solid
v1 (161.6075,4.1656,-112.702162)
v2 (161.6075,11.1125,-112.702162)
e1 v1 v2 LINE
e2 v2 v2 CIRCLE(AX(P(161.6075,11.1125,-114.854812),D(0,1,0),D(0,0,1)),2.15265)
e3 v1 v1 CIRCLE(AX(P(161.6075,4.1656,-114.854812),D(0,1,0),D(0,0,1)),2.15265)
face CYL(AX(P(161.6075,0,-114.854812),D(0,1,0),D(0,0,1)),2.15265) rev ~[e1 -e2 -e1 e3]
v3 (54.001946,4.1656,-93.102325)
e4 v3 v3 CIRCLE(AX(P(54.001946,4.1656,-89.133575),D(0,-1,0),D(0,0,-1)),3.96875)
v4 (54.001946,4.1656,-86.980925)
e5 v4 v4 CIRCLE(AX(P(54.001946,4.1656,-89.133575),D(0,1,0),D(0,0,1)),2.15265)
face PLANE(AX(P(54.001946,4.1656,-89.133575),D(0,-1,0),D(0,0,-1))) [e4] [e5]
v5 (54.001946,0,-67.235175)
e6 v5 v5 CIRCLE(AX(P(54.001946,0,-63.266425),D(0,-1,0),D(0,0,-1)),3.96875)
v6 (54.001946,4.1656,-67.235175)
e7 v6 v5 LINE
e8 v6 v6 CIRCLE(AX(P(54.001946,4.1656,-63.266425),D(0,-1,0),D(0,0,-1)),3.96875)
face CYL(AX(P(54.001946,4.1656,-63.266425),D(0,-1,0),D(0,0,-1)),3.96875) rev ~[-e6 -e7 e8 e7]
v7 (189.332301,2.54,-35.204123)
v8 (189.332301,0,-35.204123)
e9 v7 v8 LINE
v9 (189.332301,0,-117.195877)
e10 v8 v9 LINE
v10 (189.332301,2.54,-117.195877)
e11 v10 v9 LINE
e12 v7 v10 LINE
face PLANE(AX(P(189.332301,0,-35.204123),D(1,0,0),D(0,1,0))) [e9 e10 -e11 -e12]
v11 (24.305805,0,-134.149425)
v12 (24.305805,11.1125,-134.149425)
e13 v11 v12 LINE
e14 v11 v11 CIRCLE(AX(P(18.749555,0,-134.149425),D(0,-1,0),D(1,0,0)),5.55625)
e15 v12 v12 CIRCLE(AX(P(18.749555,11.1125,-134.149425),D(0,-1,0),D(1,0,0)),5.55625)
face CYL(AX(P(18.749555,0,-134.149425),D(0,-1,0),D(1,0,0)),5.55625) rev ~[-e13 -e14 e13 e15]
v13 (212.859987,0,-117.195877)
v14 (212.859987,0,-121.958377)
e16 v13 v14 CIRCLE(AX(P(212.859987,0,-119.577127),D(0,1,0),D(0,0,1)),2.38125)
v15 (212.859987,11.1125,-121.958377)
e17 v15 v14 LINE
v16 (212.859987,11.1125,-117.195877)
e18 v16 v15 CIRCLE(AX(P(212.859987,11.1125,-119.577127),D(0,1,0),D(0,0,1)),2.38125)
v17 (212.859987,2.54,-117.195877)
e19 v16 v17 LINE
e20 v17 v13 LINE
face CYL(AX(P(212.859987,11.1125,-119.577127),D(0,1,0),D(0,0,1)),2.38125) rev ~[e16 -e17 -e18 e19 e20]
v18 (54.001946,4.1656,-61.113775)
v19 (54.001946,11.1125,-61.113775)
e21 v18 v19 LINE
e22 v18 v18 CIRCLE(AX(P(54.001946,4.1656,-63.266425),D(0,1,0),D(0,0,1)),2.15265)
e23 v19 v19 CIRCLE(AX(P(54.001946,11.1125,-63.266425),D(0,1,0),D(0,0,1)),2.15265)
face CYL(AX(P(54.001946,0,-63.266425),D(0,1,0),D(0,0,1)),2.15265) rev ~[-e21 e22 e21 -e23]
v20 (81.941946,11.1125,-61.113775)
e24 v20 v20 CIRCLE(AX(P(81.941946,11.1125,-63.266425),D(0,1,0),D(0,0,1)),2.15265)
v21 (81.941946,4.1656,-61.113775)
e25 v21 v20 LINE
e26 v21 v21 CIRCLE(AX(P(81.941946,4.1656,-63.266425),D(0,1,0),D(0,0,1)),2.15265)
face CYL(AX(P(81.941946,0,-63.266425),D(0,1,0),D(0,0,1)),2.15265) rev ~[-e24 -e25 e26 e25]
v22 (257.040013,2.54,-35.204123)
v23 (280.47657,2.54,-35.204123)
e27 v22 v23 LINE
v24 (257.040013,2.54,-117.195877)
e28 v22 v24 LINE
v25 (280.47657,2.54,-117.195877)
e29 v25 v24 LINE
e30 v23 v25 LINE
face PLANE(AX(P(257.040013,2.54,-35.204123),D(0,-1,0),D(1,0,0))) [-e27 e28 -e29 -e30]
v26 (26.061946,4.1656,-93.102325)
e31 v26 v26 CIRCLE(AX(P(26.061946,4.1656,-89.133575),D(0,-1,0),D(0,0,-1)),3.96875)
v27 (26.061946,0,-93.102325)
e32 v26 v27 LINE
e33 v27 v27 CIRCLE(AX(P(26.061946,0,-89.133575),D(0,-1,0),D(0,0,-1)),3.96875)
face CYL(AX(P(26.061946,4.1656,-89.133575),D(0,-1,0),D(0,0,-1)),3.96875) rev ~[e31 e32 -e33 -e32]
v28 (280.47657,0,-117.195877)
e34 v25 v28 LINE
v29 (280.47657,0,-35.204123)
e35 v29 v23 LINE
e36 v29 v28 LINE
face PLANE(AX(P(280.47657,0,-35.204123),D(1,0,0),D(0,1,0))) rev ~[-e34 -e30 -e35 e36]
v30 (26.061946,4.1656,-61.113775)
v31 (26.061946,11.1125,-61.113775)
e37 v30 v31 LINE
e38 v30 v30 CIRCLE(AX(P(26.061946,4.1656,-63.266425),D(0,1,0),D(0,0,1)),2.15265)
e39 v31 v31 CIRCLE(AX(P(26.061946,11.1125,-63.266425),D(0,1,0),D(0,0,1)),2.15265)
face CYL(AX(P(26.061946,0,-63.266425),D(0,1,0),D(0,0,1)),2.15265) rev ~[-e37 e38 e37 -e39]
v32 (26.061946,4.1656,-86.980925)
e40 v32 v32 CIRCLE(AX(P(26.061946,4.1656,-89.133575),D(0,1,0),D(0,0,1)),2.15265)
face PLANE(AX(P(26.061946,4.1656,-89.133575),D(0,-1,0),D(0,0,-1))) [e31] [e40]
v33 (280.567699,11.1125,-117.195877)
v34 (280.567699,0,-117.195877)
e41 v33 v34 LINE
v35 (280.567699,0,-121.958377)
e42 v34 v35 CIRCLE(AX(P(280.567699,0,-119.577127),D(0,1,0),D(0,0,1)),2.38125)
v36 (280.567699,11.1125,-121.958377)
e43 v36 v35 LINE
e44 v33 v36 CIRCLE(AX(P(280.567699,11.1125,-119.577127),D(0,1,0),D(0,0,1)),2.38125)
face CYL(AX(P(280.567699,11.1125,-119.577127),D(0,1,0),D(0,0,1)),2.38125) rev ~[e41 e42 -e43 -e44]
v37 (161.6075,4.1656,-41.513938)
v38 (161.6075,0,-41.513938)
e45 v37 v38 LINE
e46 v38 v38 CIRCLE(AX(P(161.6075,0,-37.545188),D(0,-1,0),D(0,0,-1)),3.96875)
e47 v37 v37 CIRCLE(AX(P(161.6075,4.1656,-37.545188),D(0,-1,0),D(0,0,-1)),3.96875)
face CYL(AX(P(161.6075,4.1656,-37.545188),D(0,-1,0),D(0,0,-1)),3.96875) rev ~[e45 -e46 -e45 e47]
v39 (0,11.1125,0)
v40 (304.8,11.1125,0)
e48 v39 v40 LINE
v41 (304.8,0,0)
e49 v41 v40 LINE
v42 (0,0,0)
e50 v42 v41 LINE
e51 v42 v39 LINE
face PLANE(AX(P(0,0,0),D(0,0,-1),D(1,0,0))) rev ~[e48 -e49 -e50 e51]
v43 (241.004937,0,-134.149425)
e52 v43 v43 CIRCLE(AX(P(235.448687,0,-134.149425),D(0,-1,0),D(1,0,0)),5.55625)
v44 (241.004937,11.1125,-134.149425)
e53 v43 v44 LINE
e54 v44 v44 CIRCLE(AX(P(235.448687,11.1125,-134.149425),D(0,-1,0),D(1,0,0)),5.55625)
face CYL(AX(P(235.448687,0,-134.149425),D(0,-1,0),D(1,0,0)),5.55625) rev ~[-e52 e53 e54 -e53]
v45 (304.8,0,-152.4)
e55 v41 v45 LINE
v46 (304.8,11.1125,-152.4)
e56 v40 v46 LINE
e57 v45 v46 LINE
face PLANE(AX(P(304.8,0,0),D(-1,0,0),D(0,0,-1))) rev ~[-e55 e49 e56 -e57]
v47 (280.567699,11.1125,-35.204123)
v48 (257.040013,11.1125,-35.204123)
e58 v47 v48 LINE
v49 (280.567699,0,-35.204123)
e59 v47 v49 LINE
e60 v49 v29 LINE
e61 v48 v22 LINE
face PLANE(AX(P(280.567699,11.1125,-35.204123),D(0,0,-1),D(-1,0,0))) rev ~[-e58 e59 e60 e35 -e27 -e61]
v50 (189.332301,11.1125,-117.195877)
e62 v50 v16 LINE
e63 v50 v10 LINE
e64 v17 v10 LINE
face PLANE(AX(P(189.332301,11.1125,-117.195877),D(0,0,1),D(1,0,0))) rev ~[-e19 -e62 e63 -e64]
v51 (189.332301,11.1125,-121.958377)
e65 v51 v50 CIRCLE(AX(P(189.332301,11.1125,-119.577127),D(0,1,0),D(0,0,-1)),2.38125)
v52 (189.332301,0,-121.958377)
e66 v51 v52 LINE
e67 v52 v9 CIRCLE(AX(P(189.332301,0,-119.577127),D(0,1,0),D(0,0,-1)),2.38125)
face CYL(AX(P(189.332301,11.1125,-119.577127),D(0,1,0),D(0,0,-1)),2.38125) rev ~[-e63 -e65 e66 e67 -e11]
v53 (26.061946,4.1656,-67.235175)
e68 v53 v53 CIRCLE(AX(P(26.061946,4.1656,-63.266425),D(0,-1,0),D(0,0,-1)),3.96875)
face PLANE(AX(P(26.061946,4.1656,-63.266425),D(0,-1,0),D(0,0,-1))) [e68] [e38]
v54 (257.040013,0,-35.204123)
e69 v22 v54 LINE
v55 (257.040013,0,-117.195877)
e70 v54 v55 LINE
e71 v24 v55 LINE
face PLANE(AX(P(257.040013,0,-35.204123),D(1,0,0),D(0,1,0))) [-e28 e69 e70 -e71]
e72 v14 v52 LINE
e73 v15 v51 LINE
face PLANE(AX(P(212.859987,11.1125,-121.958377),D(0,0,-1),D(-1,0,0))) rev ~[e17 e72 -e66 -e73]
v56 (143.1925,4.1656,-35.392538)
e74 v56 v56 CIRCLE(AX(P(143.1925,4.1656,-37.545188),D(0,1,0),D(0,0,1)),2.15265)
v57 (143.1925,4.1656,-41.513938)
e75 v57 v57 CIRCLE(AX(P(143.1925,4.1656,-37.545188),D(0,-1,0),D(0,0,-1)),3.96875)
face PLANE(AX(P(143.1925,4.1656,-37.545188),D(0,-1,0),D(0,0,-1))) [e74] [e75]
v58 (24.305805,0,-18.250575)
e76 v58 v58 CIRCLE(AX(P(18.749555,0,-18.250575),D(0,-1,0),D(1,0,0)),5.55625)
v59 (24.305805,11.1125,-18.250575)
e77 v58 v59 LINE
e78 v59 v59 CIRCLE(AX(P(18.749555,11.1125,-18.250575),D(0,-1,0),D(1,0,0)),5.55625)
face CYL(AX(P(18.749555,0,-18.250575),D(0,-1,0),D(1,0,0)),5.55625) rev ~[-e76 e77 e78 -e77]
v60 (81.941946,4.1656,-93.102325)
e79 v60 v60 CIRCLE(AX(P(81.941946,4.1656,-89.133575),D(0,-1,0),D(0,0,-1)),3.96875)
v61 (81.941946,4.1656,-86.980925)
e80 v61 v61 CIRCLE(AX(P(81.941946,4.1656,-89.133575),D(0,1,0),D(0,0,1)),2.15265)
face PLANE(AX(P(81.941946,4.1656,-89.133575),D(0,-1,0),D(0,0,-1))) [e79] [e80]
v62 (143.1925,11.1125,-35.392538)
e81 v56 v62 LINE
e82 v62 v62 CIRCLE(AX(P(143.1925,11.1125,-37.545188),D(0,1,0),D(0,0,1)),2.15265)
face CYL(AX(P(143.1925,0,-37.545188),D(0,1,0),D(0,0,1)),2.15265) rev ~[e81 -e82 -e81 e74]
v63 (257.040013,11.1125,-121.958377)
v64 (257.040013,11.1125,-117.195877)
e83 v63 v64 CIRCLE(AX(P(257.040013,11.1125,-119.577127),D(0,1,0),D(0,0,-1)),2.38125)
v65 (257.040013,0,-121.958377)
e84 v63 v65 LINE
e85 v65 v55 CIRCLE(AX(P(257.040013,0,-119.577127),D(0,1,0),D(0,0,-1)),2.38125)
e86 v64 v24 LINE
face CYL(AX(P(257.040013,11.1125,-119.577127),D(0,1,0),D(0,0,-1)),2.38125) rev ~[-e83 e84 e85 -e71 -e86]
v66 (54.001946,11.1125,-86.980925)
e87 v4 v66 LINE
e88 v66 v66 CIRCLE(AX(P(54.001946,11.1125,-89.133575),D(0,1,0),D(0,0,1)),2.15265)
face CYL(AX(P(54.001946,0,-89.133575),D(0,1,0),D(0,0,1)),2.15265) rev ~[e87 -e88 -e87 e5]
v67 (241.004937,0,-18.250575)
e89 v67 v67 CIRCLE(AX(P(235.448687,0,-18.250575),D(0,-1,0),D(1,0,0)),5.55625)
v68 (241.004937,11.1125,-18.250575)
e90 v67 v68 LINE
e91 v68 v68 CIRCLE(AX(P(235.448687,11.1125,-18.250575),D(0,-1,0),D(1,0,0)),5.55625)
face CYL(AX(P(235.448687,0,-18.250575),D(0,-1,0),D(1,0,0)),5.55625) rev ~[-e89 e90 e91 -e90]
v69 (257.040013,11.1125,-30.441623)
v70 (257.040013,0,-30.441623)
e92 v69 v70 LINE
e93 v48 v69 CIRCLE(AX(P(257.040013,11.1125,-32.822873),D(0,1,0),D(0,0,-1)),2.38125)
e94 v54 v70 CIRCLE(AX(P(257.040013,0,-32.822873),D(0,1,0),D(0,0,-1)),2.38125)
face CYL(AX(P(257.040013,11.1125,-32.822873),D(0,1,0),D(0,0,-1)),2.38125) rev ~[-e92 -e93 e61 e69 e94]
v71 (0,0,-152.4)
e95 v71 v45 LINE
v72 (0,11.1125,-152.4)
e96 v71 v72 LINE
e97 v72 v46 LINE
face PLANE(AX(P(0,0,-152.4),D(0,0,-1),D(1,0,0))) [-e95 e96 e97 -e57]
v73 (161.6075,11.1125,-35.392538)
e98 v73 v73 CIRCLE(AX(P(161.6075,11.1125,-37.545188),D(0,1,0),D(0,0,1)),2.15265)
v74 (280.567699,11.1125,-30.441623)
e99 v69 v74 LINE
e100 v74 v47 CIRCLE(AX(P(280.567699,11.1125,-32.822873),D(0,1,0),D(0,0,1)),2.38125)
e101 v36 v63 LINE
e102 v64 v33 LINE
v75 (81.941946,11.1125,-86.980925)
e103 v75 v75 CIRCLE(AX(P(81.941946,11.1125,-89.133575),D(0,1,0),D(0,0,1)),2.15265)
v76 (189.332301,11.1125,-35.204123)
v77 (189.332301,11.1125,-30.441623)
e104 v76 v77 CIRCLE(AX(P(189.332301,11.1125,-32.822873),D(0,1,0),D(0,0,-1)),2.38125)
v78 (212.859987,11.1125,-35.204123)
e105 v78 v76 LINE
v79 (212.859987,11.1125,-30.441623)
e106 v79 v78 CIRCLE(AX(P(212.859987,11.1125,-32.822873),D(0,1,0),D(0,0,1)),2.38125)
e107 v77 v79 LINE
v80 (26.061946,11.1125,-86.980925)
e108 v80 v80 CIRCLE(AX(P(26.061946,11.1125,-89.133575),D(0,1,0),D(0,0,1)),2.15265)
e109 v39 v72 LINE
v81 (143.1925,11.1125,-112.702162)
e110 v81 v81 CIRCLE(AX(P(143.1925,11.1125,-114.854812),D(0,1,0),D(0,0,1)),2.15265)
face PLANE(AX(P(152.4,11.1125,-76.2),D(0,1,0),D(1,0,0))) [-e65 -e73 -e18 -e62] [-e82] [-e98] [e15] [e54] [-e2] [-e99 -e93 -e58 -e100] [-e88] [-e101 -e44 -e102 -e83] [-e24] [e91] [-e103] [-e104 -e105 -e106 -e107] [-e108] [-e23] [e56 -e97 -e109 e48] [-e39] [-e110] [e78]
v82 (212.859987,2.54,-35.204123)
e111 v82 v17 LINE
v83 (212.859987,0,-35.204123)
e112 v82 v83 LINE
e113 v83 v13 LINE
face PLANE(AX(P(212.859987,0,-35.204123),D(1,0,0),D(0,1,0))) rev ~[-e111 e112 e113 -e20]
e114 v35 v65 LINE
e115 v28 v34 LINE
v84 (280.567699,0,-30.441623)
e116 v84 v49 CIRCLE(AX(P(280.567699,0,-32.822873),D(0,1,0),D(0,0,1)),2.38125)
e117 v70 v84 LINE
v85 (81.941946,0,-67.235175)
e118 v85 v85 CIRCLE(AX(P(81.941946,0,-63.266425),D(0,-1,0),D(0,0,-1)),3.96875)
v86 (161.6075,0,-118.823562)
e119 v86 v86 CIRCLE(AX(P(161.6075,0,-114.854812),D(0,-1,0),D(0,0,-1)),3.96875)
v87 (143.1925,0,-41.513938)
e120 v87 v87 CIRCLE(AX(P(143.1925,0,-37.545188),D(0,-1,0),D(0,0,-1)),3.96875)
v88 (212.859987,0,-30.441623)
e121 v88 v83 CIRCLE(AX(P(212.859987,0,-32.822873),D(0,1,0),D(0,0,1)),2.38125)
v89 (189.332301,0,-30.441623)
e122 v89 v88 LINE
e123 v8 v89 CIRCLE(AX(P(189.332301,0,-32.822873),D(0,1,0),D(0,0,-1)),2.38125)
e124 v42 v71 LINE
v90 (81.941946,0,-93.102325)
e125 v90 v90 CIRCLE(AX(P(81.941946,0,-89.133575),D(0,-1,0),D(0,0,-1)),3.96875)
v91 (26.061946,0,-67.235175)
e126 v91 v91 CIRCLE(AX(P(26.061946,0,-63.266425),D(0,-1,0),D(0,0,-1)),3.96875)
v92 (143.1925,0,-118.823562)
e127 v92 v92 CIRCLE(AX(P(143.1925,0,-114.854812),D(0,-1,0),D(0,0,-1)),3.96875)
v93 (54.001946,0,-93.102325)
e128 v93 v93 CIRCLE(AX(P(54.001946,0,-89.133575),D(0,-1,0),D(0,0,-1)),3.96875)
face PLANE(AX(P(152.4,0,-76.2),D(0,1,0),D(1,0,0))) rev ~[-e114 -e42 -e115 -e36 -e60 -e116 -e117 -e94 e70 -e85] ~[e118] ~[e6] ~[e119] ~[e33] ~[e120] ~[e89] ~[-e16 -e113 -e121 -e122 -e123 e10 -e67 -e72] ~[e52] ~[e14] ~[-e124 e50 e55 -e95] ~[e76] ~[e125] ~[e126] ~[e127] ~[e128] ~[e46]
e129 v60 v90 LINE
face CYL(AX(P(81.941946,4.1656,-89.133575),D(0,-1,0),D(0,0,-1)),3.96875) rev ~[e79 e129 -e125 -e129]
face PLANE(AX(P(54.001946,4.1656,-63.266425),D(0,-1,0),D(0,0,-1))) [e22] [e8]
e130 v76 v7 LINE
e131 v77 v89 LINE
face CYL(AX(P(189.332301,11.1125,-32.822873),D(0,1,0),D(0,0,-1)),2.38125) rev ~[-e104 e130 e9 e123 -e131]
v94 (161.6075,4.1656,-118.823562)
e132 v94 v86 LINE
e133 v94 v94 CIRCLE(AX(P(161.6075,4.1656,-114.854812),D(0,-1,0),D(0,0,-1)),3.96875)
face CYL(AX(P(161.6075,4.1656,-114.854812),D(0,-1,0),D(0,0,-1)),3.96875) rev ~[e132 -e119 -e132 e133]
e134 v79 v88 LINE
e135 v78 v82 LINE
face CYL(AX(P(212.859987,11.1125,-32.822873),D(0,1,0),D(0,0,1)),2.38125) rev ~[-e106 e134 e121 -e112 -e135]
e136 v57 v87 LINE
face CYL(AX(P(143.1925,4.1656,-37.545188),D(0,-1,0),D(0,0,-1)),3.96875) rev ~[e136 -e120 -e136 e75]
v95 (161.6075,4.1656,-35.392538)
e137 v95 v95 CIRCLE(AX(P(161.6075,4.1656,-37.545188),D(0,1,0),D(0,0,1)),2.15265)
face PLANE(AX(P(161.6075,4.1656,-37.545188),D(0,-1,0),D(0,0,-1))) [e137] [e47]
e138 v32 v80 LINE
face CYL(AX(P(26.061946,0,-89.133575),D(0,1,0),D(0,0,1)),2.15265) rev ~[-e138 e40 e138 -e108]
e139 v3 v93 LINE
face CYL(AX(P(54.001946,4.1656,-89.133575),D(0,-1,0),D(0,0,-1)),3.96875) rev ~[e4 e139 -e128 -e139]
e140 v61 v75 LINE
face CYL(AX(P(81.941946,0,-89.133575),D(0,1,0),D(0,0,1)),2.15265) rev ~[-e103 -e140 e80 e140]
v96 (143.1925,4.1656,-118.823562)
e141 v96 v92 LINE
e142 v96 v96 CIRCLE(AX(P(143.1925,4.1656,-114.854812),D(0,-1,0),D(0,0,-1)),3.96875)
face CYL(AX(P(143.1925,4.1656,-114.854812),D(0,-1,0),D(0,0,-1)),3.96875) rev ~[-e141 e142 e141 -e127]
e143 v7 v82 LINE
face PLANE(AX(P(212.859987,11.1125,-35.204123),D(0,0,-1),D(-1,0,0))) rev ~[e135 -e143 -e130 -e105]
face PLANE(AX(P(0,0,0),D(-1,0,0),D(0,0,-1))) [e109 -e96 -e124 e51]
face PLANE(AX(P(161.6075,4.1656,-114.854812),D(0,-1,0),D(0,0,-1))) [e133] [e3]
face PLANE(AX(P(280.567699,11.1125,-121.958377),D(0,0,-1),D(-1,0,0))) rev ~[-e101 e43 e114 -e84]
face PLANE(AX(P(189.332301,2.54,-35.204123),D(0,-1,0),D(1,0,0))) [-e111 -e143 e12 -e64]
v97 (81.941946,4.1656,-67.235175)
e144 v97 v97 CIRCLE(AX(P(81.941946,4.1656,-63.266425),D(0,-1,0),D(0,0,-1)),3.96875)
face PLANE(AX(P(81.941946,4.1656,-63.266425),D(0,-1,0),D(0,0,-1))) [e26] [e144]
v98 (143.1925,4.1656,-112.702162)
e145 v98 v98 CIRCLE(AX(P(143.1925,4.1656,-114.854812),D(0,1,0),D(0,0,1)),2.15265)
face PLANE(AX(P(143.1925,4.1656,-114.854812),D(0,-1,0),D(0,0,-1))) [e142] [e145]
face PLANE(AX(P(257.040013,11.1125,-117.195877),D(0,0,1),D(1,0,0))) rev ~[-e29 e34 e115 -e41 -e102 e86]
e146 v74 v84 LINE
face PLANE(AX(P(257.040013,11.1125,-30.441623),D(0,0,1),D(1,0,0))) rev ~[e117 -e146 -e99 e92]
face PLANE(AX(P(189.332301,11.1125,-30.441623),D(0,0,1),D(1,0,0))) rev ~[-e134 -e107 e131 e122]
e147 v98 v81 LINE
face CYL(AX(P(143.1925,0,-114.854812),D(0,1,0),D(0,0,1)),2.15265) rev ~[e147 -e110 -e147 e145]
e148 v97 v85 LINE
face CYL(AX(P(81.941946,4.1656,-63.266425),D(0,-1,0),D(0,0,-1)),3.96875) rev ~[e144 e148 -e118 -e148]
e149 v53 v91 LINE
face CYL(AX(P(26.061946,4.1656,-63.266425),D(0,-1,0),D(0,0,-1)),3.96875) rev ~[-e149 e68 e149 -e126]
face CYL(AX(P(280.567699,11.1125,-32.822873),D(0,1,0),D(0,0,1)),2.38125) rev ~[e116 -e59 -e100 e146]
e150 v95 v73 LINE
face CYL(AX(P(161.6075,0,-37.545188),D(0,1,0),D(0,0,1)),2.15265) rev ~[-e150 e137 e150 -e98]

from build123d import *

# Parameters (mm, degrees)
SKETCH1_W                                      = 304.8
SKETCH1_H                                      = 152.4
BOSS_EXTRUDE1_DEPTH                            = 11.1125
CUT_EXTRUDE2_DEPTH                             = 11.1125
SKETCH10_R                                     = 5.55625
CUT_EXTRUDE9_DEPTH                             = 12.1125
CBORE_FOR_8_SOCKET_HEAD_CAP_SCREW1_D           = 4.3053
CBORE_FOR_8_SOCKET_HEAD_CAP_SCREW1_DEPTH       = 11.1125
CBORE_FOR_8_SOCKET_HEAD_CAP_SCREW1_CBORE_D     = 7.9375
CBORE_FOR_8_SOCKET_HEAD_CAP_SCREW1_CBORE_DEPTH = 4.1656
CBORE_FOR_8_SOCKET_HEAD_CAP_SCREW2_D           = 4.3053
CBORE_FOR_8_SOCKET_HEAD_CAP_SCREW2_DEPTH       = 11.1125
CBORE_FOR_8_SOCKET_HEAD_CAP_SCREW2_CBORE_D     = 7.9375
CBORE_FOR_8_SOCKET_HEAD_CAP_SCREW2_CBORE_DEPTH = 4.1656
CUT_EXTRUDE10_REACH                            = 119.196
SKETCH22_W                                     = 23.527686488
SKETCH22_H                                     = 2.54
SKETCH22_W_2                                   = 23.436556581


with BuildPart() as part:
    # Sketch1 → Boss-Extrude1 (new body)
    with BuildSketch(Plane(origin=(0, 0, 0), x_dir=(1, 0, 0), z_dir=(0, 1, 0))):
        with Locations((152.4, 76.2)):
            Rectangle(SKETCH1_W, SKETCH1_H)
    extrude(amount=BOSS_EXTRUDE1_DEPTH)

    # Sketch3 → Cut-Extrude2 (cut)
    with BuildSketch(Plane(origin=(0, 11.1125, 0), x_dir=(1, 0, 0), z_dir=(0, 1, 0))):
        with BuildLine():
            Line((280.567699438, 35.204123045), (257.04001295, 35.204123045))
            ThreePointArc((257.04001295, 35.204123045), (254.65876295, 32.822873045), (257.04001295, 30.441623045))
            Line((257.04001295, 30.441623045), (280.567699438, 30.441623045))
            ThreePointArc((280.567699438, 30.441623045), (282.948949438, 32.822873045), (280.567699438, 35.204123045))
        make_face()
        with BuildLine():
            Line((257.04001295, 117.195876955), (280.567699438, 117.195876955))
            ThreePointArc((280.567699438, 117.195876955), (282.948949438, 119.577126955), (280.567699438, 121.958376955))
            Line((280.567699438, 121.958376955), (257.04001295, 121.958376955))
            ThreePointArc((257.04001295, 121.958376955), (254.65876295, 119.577126955), (257.04001295, 117.195876955))
        make_face()
        with BuildLine():
            Line((212.85998705, 121.958376955), (189.332300562, 121.958376955))
            ThreePointArc((189.332300562, 121.958376955), (186.951050562, 119.577126955), (189.332300562, 117.195876955))
            Line((189.332300562, 117.195876955), (212.85998705, 117.195876955))
            ThreePointArc((212.85998705, 117.195876955), (215.24123705, 119.577126955), (212.85998705, 121.958376955))
        make_face()
        with BuildLine():
            Line((212.85998705, 35.204123045), (189.332300562, 35.204123045))
            ThreePointArc((189.332300562, 35.204123045), (186.951050562, 32.822873045), (189.332300562, 30.441623045))
            Line((189.332300562, 30.441623045), (212.85998705, 30.441623045))
            ThreePointArc((212.85998705, 30.441623045), (215.24123705, 32.822873045), (212.85998705, 35.204123045))
        make_face()
    extrude(amount=-CUT_EXTRUDE2_DEPTH, mode=Mode.SUBTRACT)

    # Sketch10 → Cut-Extrude9 (cut, through all)
    with BuildSketch(Plane.XZ):
        with Locations((18.74955505, -134.149424539)):
            Circle(SKETCH10_R)
        with Locations((18.74955505, -18.250575461)):
            Circle(SKETCH10_R)
        with Locations((235.448687079, -134.149424539)):
            Circle(SKETCH10_R)
        with Locations((235.448687079, -18.250575461)):
            Circle(SKETCH10_R)
    extrude(amount=-CUT_EXTRUDE9_DEPTH, mode=Mode.SUBTRACT)

    # CBORE for #8 Socket Head Cap Screw1
    with Locations(Plane(origin=(143.1925, 0, -37.545187713), x_dir=(0, 0, -1), z_dir=(0, -1, 0))):
        with Locations((0, 0), (0, 18.415), (77.309624574, 18.415), (77.309624574, 0)):
            CounterBoreHole(CBORE_FOR_8_SOCKET_HEAD_CAP_SCREW1_D / 2, CBORE_FOR_8_SOCKET_HEAD_CAP_SCREW1_CBORE_D / 2, CBORE_FOR_8_SOCKET_HEAD_CAP_SCREW1_CBORE_DEPTH, depth=CBORE_FOR_8_SOCKET_HEAD_CAP_SCREW1_DEPTH)

    # CBORE for #8 Socket Head Cap Screw2
    with Locations(Plane(origin=(26.061945565, 0, -89.133574987), x_dir=(0, 0, -1), z_dir=(0, -1, 0))):
        with Locations((0, 0), (-25.867149974, 0), (-25.867149974, 27.94), (0, 27.94), (0, 55.88), (-25.867149974, 55.88)):
            CounterBoreHole(CBORE_FOR_8_SOCKET_HEAD_CAP_SCREW2_D / 2, CBORE_FOR_8_SOCKET_HEAD_CAP_SCREW2_CBORE_D / 2, CBORE_FOR_8_SOCKET_HEAD_CAP_SCREW2_CBORE_DEPTH, depth=CBORE_FOR_8_SOCKET_HEAD_CAP_SCREW2_DEPTH)

    # Sketch22 → Cut-Extrude10 (cut, up to next)
    with BuildSketch(Plane.XY.offset(-35.204123045), mode=Mode.PRIVATE) as cut_extrude10_sk1:
        with Locations((201.096143806, 1.27)):
            Rectangle(SKETCH22_W, SKETCH22_H)
    cut_extrude10_tool1 = extrude(cut_extrude10_sk1.sketch, amount=-CUT_EXTRUDE10_REACH, mode=Mode.PRIVATE) & part.part
    add(cut_extrude10_tool1.solids().sort_by_distance((201.096144, 1.27, -35.204123))[0], mode=Mode.SUBTRACT)
    # Sketch22 → Cut-Extrude10 (cut, up to next)
    with BuildSketch(Plane.XY.offset(-35.204123045), mode=Mode.PRIVATE) as cut_extrude10_sk2:
        with Locations((268.758291241, 1.27)):
            Rectangle(SKETCH22_W_2, SKETCH22_H)
    cut_extrude10_tool2 = extrude(cut_extrude10_sk2.sketch, amount=-CUT_EXTRUDE10_REACH, mode=Mode.PRIVATE) & part.part
    add(cut_extrude10_tool2.solids().sort_by_distance((268.758291, 1.27, -35.204123))[0], mode=Mode.SUBTRACT)


solid = part.part
